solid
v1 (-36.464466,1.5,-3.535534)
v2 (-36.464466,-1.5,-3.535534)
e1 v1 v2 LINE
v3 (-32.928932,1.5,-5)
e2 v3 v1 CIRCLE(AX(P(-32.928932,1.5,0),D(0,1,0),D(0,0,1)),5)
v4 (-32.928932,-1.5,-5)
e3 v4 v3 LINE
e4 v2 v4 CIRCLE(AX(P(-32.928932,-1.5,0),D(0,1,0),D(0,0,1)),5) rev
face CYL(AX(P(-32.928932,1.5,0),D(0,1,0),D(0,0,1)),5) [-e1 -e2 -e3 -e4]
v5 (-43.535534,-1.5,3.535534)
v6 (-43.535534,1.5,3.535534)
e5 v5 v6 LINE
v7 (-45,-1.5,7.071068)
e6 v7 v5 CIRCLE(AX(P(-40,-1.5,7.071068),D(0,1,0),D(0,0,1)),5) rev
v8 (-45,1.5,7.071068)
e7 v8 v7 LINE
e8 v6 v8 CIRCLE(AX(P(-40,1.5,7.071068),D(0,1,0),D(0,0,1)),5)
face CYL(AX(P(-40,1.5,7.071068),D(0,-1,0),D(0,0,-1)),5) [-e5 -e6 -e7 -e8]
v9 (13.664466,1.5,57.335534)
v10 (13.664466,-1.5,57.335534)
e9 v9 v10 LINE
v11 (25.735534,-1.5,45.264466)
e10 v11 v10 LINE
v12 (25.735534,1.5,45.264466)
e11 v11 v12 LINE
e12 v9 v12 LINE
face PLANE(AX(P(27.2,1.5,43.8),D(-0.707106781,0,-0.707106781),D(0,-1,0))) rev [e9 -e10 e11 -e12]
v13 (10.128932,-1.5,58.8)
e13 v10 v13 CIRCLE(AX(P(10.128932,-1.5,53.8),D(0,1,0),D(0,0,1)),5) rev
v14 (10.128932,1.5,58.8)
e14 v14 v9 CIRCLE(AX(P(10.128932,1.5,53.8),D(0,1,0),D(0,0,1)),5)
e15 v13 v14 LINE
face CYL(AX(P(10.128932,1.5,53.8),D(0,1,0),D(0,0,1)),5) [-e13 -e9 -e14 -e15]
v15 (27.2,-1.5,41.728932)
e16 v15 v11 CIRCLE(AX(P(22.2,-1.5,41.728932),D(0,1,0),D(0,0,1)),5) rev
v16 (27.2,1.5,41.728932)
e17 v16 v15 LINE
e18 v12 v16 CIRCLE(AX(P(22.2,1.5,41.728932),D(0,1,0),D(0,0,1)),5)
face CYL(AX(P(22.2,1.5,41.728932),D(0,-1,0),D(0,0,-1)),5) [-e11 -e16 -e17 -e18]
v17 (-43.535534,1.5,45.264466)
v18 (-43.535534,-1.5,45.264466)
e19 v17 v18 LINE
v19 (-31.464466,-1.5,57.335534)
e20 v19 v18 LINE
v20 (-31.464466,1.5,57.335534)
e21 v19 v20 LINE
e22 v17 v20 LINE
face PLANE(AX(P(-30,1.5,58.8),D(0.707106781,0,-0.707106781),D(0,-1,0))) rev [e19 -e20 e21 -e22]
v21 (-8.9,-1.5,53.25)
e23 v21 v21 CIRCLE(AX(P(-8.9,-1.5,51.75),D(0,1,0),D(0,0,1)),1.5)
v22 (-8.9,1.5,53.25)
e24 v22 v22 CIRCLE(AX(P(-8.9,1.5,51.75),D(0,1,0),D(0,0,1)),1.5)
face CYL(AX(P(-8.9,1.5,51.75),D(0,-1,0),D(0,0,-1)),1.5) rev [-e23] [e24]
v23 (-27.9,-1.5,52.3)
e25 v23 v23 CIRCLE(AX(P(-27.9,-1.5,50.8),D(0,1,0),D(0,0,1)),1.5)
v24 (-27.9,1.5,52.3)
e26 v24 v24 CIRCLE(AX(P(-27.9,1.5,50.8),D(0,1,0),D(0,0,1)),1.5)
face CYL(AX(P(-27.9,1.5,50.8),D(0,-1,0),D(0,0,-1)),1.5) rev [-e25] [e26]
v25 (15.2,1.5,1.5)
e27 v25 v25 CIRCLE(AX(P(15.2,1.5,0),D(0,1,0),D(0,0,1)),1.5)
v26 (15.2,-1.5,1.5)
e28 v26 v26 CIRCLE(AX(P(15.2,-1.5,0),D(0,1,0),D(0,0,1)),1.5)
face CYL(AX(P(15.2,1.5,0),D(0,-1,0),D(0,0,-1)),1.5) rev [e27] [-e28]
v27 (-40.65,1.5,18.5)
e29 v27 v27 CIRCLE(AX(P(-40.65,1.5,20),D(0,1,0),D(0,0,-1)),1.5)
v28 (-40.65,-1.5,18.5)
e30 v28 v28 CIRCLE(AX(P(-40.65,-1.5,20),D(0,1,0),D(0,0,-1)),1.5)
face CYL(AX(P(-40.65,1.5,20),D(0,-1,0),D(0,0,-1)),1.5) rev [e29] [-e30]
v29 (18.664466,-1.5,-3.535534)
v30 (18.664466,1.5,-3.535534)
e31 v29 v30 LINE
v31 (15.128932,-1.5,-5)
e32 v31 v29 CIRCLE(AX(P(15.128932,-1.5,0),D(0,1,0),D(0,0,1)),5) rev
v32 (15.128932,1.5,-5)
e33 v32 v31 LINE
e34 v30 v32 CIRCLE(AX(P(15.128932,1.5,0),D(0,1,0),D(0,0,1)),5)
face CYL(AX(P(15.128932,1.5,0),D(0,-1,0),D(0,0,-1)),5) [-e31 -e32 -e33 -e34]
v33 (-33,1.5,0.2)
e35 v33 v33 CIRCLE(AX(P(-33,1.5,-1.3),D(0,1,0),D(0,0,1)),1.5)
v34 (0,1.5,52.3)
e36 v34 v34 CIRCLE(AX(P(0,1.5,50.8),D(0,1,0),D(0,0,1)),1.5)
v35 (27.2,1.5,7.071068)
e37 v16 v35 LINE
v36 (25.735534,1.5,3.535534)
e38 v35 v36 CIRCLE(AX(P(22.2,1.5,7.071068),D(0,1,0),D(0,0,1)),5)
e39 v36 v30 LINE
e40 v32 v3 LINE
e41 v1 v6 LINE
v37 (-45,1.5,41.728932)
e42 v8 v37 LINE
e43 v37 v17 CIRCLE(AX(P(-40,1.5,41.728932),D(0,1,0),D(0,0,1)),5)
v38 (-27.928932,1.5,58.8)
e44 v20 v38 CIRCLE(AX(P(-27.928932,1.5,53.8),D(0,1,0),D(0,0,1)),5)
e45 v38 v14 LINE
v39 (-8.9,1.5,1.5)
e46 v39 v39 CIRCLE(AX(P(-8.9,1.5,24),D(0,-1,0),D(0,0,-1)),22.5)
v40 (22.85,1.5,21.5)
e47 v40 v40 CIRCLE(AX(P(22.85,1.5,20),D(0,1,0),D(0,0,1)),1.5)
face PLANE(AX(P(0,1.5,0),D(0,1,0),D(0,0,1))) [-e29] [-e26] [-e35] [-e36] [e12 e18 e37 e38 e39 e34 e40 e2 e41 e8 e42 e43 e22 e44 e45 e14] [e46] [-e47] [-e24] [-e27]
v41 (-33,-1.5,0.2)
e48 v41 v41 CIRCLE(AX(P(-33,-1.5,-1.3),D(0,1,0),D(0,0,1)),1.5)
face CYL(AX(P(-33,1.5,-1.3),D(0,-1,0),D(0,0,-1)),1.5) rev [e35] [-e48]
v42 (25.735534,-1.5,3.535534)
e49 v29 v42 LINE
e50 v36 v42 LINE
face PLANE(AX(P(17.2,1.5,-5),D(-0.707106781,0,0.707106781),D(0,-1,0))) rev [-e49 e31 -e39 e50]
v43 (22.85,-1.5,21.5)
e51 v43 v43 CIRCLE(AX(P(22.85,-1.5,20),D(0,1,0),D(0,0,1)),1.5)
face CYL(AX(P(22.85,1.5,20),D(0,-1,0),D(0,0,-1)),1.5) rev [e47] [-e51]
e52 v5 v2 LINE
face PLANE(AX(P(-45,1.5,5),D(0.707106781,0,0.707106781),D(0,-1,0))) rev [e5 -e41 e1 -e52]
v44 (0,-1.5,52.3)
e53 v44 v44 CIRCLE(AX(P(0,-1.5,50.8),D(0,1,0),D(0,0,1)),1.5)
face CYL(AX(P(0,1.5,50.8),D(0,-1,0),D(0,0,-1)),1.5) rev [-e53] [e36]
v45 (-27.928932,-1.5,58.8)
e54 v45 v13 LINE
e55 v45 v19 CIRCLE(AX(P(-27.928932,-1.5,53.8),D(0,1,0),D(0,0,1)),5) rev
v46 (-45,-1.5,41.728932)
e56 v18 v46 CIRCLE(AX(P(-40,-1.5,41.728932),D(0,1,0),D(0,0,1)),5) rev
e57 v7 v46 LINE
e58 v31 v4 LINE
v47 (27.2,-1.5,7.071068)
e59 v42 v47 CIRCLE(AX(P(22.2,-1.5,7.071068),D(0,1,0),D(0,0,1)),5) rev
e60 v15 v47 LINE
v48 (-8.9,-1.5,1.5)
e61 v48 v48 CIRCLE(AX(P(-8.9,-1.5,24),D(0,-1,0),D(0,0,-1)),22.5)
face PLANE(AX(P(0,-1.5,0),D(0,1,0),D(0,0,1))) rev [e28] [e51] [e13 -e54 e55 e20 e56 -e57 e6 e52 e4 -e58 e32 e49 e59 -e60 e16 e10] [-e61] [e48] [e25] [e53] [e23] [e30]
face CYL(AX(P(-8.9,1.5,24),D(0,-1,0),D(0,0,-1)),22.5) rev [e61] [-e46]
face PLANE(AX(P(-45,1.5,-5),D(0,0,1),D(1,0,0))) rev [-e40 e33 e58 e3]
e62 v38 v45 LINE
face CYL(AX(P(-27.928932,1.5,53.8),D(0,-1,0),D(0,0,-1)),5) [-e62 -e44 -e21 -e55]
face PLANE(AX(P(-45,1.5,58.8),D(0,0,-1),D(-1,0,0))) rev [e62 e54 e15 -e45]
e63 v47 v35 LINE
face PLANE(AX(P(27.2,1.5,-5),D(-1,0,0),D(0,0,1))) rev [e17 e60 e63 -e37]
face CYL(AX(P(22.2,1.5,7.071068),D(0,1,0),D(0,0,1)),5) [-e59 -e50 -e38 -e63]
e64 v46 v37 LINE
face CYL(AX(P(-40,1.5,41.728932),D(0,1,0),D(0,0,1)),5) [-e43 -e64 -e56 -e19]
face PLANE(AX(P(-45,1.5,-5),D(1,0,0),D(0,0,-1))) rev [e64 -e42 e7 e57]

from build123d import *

# Parameters (mm, degrees)
SKETCH1_W           = 72.2
SKETCH1_H           = 63.8
SKETCH1_R           = 1.5
BOSS_EXTRUDE1_DEPTH = 1.5
CHAMFER1_SIZE       = 15
CHAMFER2_SIZE       = 10
SKETCH2_R           = 22.5
CUT_EXTRUDE1_DEPTH  = 4
FILLET1_R           = 5


with BuildPart() as part:
    # Sketch1 → Boss-Extrude1 (new body, symmetric)
    with BuildSketch(Plane(origin=(0, 0, 0), x_dir=(1, 0, 0), z_dir=(0, 1, 0))):
        with Locations((-8.9, -26.9)):
            Rectangle(SKETCH1_W, SKETCH1_H)
        with Locations((15.2, 0)):
            Circle(SKETCH1_R, mode=Mode.SUBTRACT)
        with Locations((0, -50.8)):
            Circle(SKETCH1_R, mode=Mode.SUBTRACT)
        with Locations((-27.9, -50.8)):
            Circle(SKETCH1_R, mode=Mode.SUBTRACT)
        with Locations((-33, 1.3)):
            Circle(SKETCH1_R, mode=Mode.SUBTRACT)
        with Locations((22.85, -20)):
            Circle(SKETCH1_R, mode=Mode.SUBTRACT)
        with Locations((-40.65, -20)):
            Circle(SKETCH1_R, mode=Mode.SUBTRACT)
        with Locations((-8.9, -51.75)):
            Circle(SKETCH1_R, mode=Mode.SUBTRACT)
    extrude(amount=BOSS_EXTRUDE1_DEPTH, both=True)

    # Chamfer1
    chamfer1_edges = [part.edges().sort_by_distance(p)[0] for p in [
        (27.2, 0, 58.8),
        (-45, 0, 58.8),
    ]]
    chamfer(chamfer1_edges, length=CHAMFER1_SIZE)

    # Chamfer2
    chamfer2_edges = [part.edges().sort_by_distance(p)[0] for p in [
        (-45, 0, -5),
        (27.2, 0, -5),
    ]]
    chamfer(chamfer2_edges, length=CHAMFER2_SIZE)

    # Sketch2 → Cut-Extrude1 (cut, through all)
    with BuildSketch(Plane.XZ.offset(1.5)):
        with Locations((-8.9, 24)):
            Circle(SKETCH2_R)
    extrude(amount=-CUT_EXTRUDE1_DEPTH, mode=Mode.SUBTRACT)

    # Fillet1
    fillet1_edges = [part.edges().sort_by_distance(p)[0] for p in [
        (27.2, 0, 43.8),
        (-30, 0, 58.8),
        (12.2, 0, 58.8),
        (-45, 0, 43.8),
        (-35, 0, -5),
        (17.2, 0, -5),
        (27.2, 0, 5),
        (-45, 0, 5),
    ]]
    fillet(fillet1_edges, radius=FILLET1_R)


solid = part.part
